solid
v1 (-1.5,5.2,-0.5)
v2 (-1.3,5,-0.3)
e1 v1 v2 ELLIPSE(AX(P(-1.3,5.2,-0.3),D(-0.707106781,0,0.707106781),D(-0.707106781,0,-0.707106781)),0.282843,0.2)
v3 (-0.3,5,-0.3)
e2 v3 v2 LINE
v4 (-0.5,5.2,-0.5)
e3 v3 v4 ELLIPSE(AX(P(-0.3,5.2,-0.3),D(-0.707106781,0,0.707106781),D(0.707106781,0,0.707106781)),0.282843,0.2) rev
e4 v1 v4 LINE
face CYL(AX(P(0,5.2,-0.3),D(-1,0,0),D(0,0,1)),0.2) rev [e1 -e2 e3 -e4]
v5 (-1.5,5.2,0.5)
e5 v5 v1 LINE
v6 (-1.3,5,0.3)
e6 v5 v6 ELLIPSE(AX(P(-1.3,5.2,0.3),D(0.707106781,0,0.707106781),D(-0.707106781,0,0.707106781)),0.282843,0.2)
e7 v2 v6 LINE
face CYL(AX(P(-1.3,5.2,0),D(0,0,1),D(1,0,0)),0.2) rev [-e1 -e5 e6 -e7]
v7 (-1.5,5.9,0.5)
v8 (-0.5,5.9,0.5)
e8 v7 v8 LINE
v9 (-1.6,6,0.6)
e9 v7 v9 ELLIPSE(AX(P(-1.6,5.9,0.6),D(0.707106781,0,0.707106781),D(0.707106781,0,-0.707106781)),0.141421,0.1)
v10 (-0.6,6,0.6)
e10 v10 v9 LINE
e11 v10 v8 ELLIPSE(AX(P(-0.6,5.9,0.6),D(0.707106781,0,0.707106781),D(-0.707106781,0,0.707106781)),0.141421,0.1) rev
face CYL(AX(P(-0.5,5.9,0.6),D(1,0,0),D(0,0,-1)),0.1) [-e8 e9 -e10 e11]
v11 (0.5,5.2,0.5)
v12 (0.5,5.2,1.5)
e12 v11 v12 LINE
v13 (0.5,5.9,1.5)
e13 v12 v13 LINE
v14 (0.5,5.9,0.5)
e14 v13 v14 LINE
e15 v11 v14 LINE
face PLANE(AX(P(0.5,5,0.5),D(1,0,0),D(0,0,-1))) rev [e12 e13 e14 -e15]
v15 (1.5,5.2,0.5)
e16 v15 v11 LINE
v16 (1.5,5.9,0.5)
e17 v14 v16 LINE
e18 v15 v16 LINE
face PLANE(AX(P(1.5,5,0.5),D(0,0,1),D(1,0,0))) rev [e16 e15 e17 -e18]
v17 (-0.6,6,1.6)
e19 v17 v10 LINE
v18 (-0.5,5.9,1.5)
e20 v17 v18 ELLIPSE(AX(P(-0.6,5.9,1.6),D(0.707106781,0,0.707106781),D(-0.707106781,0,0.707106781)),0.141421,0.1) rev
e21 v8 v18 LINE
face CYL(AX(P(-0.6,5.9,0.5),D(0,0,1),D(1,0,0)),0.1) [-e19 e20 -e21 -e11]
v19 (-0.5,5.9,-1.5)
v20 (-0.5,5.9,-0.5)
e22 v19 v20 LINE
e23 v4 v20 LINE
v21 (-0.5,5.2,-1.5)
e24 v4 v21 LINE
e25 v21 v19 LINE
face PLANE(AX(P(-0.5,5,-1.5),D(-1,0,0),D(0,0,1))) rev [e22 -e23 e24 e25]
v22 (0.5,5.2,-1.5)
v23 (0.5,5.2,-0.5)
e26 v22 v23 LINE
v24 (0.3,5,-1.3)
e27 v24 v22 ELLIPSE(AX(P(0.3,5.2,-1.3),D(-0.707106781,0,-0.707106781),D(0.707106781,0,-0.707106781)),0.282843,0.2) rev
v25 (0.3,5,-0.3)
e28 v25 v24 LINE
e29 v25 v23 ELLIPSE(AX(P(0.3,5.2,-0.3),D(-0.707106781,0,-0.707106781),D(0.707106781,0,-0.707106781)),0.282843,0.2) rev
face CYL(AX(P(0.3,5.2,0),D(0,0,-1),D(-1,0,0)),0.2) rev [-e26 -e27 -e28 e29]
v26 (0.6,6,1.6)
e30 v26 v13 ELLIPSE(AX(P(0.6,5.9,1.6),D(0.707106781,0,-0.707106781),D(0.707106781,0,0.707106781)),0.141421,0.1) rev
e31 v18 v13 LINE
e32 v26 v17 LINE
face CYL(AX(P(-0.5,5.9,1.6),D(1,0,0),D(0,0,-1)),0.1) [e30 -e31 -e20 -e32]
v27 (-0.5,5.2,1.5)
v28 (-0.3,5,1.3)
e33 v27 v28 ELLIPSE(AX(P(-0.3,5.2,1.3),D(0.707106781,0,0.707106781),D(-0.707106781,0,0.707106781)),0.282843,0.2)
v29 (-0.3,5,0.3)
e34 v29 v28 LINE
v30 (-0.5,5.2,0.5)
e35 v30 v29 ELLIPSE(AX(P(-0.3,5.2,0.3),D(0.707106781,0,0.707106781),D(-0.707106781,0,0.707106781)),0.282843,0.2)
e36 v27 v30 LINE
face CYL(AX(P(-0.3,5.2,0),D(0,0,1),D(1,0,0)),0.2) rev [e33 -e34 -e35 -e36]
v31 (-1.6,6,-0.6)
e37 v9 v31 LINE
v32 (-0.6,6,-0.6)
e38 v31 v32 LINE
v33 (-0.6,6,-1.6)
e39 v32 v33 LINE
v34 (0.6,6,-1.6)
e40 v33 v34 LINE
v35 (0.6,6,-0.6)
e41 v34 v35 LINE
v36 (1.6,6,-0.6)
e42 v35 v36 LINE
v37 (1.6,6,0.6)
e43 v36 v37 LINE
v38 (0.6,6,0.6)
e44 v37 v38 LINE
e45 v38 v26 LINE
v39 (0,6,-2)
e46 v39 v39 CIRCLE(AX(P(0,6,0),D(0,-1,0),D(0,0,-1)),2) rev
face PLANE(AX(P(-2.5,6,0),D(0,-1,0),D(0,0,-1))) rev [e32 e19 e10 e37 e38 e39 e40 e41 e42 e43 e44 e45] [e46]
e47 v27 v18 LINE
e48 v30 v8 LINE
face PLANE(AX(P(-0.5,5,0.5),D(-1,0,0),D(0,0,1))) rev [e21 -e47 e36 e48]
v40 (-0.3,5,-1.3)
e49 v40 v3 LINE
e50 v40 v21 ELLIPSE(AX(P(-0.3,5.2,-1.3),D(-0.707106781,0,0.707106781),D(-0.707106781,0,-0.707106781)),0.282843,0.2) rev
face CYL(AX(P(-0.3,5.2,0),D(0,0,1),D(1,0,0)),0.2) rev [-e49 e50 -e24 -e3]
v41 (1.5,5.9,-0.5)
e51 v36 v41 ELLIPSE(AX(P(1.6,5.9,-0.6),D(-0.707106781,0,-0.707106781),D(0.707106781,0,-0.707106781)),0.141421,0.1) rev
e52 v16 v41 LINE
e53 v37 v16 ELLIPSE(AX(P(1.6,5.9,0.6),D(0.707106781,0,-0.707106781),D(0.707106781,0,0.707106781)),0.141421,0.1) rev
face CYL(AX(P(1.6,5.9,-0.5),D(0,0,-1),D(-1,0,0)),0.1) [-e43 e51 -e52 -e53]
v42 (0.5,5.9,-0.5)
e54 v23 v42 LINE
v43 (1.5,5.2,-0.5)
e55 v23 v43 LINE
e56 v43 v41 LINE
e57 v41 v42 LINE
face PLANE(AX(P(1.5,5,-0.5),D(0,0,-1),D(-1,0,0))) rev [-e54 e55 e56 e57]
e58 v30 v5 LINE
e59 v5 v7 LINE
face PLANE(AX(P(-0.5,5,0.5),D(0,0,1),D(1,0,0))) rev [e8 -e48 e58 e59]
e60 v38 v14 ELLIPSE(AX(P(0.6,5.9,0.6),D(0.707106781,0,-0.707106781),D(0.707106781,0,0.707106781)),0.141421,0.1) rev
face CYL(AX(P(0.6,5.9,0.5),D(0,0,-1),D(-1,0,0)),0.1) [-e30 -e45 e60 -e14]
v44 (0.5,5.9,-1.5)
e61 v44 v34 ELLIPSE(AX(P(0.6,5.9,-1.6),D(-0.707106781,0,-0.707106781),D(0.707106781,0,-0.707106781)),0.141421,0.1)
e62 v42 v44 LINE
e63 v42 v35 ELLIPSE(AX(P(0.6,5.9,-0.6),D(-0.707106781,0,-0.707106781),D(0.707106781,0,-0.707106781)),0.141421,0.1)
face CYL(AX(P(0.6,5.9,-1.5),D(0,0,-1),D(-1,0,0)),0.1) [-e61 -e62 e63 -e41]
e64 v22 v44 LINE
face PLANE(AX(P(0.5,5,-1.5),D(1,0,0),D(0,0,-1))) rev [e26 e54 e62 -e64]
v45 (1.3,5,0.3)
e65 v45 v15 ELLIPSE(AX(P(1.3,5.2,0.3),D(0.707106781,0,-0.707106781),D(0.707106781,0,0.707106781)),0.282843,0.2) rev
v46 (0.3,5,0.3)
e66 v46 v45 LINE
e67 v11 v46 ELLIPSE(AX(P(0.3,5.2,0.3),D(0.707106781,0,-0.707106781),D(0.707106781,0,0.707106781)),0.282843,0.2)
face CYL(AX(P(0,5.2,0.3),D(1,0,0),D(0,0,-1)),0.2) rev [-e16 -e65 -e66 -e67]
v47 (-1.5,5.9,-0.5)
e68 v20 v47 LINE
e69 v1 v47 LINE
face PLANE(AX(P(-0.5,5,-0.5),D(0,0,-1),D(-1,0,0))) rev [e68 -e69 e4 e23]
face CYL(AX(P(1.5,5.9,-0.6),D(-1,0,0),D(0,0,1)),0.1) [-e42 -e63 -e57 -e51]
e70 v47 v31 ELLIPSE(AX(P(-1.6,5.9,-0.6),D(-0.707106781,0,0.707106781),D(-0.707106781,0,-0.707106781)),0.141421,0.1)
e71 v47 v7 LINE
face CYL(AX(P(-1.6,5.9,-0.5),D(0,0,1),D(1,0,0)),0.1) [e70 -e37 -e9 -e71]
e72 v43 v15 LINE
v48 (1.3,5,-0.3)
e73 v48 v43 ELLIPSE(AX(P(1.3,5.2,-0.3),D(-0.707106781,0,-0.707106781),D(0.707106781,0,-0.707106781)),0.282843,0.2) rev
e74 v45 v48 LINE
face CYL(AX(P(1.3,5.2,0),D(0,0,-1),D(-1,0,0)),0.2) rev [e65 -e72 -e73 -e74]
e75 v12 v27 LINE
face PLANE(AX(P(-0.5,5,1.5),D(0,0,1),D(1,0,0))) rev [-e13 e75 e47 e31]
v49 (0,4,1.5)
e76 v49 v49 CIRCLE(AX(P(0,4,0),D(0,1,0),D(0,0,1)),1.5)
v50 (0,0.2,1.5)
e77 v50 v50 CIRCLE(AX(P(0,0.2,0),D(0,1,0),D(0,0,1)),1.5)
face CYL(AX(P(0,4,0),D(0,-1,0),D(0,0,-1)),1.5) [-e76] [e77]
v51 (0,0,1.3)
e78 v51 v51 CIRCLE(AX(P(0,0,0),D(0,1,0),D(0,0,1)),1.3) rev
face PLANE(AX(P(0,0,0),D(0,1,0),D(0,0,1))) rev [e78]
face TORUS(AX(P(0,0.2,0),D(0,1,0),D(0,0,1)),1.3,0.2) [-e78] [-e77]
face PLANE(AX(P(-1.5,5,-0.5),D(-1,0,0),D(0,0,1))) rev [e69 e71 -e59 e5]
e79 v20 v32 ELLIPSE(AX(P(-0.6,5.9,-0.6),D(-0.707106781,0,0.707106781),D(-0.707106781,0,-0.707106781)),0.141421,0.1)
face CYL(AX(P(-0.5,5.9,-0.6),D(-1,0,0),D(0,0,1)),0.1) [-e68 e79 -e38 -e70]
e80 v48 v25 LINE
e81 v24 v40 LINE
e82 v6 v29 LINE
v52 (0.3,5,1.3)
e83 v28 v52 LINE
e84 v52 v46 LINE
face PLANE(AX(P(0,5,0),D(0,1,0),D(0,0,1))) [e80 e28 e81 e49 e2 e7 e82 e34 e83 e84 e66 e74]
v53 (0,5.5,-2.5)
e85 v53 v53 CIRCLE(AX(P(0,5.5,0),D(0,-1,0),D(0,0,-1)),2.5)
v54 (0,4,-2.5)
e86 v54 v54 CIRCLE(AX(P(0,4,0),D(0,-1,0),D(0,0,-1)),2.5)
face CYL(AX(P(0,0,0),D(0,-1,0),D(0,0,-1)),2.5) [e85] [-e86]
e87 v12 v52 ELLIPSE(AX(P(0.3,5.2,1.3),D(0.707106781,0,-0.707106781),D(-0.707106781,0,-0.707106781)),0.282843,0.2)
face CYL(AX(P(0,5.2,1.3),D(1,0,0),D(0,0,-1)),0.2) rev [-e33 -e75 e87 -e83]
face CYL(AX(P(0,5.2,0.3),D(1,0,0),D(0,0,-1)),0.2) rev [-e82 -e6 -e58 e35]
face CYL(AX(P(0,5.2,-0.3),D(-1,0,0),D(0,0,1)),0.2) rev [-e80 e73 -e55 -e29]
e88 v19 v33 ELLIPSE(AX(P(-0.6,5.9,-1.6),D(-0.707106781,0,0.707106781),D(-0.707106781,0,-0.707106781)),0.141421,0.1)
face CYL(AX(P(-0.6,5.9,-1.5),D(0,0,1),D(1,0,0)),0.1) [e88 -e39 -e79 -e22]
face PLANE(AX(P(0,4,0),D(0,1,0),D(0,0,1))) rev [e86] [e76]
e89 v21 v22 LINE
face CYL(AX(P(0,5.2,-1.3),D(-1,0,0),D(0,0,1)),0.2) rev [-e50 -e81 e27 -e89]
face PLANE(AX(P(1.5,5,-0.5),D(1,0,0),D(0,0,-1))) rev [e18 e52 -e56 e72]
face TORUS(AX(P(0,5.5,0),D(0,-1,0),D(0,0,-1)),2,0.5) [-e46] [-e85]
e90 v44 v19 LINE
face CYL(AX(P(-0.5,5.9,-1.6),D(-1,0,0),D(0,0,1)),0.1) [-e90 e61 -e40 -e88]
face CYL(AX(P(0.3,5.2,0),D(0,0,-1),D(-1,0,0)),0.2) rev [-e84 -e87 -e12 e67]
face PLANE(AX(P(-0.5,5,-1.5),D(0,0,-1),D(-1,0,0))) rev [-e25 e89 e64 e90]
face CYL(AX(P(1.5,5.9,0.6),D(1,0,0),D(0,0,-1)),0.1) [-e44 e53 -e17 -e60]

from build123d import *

# Parameters (mm, degrees)
SKETCH1_R           = 1.5
BOSS_EXTRUDE1_DEPTH = 4
FILLET1_R           = 0.2
SKETCH2_W           = 2.5
SKETCH2_H           = 2
CUT_EXTRUDE1_DEPTH  = 1
FILLET3_R           = 0.1
FILLET4_R           = 0.2
FILLET5_R           = 0.5


with BuildPart() as part:
    # Sketch1 → Boss-Extrude1 (new body)
    with BuildSketch(Plane(origin=(0, 0, 0), x_dir=(1, 0, 0), z_dir=(0, 1, 0))):
        with Locations(Location((0, 0, 0), (0, 0, 270))):
            Circle(SKETCH1_R)
    extrude(amount=BOSS_EXTRUDE1_DEPTH)

    # Fillet1
    fillet1_edges = [part.edges().sort_by_distance(p)[0] for p in [
        (0, 0, -1.5),
    ]]
    fillet(fillet1_edges, radius=FILLET1_R)

    # Sketch2 → Revolve1 (revolve)
    with BuildSketch(Plane.XY, mode=Mode.PRIVATE) as revolve1_sk:
        with Locations((-1.25, 5)):
            Rectangle(SKETCH2_W, SKETCH2_H)
    revolve(revolve1_sk.sketch.rotate(Axis((0, 0, 0), (0, 1, 0)), 270), axis=Axis((0, 0, 0), (0, 1, 0)))

    # Sketch3 → Cut-Extrude1 (cut)
    with BuildSketch(Plane(origin=(0, 6, 0), x_dir=(1, 0, 0), z_dir=(0, 1, 0))):
        Polygon((-0.5, 0.5), (-1.5, 0.5), (-1.5, -0.5), (-0.5, -0.5), (-0.5, -1.5), (0.5, -1.5), (0.5, -0.5), (1.5, -0.5), (1.5, 0.5), (0.5, 0.5), (0.5, 1.5), (-0.5, 1.5), align=None)
    extrude(amount=-CUT_EXTRUDE1_DEPTH, mode=Mode.SUBTRACT)

    # Fillet3
    fillet3_edges = [part.edges().sort_by_distance(p)[0] for p in [
        (0.5, 6, 1),
        (1, 6, 0.5),
        (1.5, 6, 0),
        (1, 6, -0.5),
        (0.5, 6, -1),
        (0, 6, -1.5),
        (-0.5, 6, -1),
        (-1, 6, -0.5),
        (-1.5, 6, 0),
        (-1, 6, 0.5),
        (-0.5, 6, 1),
        (0, 6, 1.5),
    ]]
    fillet(fillet3_edges, radius=FILLET3_R)

    # Fillet4
    fillet4_edges = [part.edges().sort_by_distance(p)[0] for p in [
        (0.5, 5, 1),
        (0, 5, 1.5),
        (-0.5, 5, 1),
        (-1, 5, 0.5),
        (-1.5, 5, 0),
        (-1, 5, -0.5),
        (-0.5, 5, -1),
        (0, 5, -1.5),
        (0.5, 5, -1),
        (1, 5, -0.5),
        (1.5, 5, 0),
        (1, 5, 0.5),
    ]]
    fillet(fillet4_edges, radius=FILLET4_R)

    # Fillet5
    fillet5_edges = [part.edges().sort_by_distance(p)[0] for p in [
        (0, 6, 2.5),
    ]]
    fillet(fillet5_edges, radius=FILLET5_R)


solid = part.part
